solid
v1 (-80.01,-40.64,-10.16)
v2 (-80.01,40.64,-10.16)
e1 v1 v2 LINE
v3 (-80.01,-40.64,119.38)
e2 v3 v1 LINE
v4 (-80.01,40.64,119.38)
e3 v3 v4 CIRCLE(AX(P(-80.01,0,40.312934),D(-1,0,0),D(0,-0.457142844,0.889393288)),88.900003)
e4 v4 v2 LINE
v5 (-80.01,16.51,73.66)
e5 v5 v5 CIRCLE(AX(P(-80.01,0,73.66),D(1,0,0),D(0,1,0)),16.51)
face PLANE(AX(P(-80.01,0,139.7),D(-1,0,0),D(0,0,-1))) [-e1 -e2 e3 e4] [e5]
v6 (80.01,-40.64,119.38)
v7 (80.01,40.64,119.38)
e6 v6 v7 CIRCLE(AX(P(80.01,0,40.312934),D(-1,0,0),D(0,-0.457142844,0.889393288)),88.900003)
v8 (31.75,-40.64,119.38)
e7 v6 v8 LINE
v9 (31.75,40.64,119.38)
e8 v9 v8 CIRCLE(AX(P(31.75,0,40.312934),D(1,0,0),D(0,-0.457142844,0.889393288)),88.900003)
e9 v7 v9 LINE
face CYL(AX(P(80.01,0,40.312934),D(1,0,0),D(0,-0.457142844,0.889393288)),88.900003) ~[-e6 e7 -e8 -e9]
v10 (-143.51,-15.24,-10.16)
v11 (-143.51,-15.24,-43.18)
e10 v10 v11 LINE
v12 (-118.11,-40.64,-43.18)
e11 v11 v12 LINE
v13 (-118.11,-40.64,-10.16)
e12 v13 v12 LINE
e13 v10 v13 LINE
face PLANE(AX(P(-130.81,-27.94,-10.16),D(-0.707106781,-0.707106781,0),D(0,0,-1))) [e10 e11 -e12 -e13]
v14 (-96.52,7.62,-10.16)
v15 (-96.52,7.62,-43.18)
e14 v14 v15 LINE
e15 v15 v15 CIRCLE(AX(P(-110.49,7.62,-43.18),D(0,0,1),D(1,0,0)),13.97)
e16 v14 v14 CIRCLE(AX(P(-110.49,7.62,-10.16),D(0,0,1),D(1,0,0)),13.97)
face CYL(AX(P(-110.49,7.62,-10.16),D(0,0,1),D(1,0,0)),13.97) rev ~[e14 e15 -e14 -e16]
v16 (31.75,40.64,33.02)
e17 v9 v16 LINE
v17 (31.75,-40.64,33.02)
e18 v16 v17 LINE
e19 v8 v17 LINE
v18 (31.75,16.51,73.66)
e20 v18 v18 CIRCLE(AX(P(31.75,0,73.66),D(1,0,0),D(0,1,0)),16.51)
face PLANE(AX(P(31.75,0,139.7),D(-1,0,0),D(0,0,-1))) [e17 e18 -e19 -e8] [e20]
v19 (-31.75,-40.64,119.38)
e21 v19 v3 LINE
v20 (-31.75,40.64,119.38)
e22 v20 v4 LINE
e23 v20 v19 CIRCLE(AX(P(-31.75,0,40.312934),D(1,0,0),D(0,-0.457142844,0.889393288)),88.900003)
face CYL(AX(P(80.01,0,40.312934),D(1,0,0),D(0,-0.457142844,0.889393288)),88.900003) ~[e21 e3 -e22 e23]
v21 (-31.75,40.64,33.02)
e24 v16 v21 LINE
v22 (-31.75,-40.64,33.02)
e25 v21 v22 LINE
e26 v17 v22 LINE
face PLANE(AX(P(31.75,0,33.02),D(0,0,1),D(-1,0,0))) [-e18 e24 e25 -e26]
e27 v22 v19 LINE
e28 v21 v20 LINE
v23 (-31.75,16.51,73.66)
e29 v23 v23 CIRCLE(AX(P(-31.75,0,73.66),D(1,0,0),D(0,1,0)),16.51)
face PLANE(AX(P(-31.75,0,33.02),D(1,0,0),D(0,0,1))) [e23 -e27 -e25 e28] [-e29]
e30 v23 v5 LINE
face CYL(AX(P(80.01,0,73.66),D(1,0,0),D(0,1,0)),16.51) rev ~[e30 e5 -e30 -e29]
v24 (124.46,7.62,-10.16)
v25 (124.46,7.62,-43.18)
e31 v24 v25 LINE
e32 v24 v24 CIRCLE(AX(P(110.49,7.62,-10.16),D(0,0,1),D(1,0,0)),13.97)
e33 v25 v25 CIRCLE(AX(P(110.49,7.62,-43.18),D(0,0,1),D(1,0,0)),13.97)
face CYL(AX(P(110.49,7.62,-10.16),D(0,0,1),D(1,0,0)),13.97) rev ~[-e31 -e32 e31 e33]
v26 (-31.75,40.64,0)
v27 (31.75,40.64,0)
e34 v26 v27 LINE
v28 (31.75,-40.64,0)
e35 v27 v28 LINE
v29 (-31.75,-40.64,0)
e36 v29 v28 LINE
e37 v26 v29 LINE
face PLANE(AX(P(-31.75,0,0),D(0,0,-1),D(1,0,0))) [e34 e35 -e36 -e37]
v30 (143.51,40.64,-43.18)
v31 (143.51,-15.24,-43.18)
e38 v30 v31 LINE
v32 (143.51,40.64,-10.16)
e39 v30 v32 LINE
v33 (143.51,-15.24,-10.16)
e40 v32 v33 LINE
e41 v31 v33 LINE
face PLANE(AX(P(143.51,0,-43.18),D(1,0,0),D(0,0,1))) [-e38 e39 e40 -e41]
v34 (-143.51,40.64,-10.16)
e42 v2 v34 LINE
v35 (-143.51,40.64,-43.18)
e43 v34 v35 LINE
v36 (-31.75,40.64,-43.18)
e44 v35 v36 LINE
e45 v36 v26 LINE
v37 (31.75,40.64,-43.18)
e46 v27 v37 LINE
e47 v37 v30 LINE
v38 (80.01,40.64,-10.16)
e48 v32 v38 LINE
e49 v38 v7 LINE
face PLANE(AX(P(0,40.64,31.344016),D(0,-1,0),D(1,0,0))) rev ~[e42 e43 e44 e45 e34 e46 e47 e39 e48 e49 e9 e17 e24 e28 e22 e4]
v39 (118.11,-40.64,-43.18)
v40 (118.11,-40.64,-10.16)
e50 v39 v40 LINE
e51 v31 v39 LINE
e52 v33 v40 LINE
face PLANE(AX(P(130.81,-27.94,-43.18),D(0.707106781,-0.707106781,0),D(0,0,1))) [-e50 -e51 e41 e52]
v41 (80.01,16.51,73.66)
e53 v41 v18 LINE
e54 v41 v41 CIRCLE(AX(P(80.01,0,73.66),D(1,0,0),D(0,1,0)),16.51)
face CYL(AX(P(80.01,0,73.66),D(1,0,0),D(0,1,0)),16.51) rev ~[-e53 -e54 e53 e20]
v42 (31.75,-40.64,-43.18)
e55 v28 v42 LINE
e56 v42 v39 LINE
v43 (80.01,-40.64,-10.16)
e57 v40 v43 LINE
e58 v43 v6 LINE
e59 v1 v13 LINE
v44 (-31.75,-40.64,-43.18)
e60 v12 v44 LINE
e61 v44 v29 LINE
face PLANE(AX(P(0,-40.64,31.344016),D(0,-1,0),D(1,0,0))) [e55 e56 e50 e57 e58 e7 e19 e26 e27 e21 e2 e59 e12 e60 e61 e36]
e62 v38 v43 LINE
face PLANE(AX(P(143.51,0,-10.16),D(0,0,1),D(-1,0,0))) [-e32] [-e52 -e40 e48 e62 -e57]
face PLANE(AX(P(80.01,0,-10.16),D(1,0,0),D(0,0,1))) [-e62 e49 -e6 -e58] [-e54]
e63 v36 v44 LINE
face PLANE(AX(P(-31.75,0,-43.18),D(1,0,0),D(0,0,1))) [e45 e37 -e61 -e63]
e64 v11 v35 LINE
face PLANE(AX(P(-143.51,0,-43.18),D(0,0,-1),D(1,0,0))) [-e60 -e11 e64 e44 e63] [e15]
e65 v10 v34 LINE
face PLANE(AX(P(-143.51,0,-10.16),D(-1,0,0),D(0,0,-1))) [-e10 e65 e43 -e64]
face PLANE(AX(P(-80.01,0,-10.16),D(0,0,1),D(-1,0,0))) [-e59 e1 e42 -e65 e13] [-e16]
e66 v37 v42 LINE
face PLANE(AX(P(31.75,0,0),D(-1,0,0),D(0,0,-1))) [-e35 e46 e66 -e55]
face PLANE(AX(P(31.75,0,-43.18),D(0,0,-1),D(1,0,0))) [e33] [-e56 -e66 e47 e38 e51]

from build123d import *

# Parameters (mm, degrees)
F1_DEPTH = 40.64
F2_SIZE  = 25.4
F3_R     = 16.51
F4_DEPTH = 160.02
F5_R     = 13.97
F6_DEPTH = 33.02


with BuildPart() as f1:
    # F0 (on Front) → F1 (new body, symmetric)
    with BuildSketch(Plane.XZ):
        Polygon((-143.51, -43.18), (-31.75, -43.18), (-31.75, 0), (0, 0), (31.75, 0), (31.75, -43.18), (143.51, -43.18), (143.51, -10.16), (80.01, -10.16), (80.01, 139.7), (31.75, 139.7), (31.75, 33.02), (-31.75, 33.02), (-31.75, 139.7), (-80.01, 139.7), (-80.01, -10.16), (-143.51, -10.16), align=None)
    extrude(amount=F1_DEPTH, both=True)

    # F2
    f2_edges = [f1.edges().sort_by_distance(p)[0] for p in [
        (143.51, -40.64, -26.67),
        (-143.51, -40.64, -26.67),
    ]]
    chamfer(f2_edges, length=F2_SIZE)

    # F3 (on face) → F4 (cut)
    with BuildSketch(Plane.YZ.offset(80.01)):
        with BuildLine():
            ThreePointArc((-40.64, 119.38), (0, 129.212937), (40.64, 119.38))
            Line((40.64, 119.38), (40.64, 139.7))
            Line((40.64, 139.7), (-40.64, 139.7))
            Line((-40.64, 139.7), (-40.64, 119.38))
        make_face()
        with Locations((0, 73.66)):
            Circle(F3_R)
    extrude(amount=-F4_DEPTH, mode=Mode.SUBTRACT)

    # F5 (on face) → F6 (cut)
    with BuildSketch(Plane.XY.offset(-10.16)):
        with Locations((110.49, 7.62)):
            Circle(F5_R)
        with Locations((-110.49, 7.62)):
            Circle(F5_R)
    extrude(amount=-F6_DEPTH, mode=Mode.SUBTRACT)


solid = f1.part
